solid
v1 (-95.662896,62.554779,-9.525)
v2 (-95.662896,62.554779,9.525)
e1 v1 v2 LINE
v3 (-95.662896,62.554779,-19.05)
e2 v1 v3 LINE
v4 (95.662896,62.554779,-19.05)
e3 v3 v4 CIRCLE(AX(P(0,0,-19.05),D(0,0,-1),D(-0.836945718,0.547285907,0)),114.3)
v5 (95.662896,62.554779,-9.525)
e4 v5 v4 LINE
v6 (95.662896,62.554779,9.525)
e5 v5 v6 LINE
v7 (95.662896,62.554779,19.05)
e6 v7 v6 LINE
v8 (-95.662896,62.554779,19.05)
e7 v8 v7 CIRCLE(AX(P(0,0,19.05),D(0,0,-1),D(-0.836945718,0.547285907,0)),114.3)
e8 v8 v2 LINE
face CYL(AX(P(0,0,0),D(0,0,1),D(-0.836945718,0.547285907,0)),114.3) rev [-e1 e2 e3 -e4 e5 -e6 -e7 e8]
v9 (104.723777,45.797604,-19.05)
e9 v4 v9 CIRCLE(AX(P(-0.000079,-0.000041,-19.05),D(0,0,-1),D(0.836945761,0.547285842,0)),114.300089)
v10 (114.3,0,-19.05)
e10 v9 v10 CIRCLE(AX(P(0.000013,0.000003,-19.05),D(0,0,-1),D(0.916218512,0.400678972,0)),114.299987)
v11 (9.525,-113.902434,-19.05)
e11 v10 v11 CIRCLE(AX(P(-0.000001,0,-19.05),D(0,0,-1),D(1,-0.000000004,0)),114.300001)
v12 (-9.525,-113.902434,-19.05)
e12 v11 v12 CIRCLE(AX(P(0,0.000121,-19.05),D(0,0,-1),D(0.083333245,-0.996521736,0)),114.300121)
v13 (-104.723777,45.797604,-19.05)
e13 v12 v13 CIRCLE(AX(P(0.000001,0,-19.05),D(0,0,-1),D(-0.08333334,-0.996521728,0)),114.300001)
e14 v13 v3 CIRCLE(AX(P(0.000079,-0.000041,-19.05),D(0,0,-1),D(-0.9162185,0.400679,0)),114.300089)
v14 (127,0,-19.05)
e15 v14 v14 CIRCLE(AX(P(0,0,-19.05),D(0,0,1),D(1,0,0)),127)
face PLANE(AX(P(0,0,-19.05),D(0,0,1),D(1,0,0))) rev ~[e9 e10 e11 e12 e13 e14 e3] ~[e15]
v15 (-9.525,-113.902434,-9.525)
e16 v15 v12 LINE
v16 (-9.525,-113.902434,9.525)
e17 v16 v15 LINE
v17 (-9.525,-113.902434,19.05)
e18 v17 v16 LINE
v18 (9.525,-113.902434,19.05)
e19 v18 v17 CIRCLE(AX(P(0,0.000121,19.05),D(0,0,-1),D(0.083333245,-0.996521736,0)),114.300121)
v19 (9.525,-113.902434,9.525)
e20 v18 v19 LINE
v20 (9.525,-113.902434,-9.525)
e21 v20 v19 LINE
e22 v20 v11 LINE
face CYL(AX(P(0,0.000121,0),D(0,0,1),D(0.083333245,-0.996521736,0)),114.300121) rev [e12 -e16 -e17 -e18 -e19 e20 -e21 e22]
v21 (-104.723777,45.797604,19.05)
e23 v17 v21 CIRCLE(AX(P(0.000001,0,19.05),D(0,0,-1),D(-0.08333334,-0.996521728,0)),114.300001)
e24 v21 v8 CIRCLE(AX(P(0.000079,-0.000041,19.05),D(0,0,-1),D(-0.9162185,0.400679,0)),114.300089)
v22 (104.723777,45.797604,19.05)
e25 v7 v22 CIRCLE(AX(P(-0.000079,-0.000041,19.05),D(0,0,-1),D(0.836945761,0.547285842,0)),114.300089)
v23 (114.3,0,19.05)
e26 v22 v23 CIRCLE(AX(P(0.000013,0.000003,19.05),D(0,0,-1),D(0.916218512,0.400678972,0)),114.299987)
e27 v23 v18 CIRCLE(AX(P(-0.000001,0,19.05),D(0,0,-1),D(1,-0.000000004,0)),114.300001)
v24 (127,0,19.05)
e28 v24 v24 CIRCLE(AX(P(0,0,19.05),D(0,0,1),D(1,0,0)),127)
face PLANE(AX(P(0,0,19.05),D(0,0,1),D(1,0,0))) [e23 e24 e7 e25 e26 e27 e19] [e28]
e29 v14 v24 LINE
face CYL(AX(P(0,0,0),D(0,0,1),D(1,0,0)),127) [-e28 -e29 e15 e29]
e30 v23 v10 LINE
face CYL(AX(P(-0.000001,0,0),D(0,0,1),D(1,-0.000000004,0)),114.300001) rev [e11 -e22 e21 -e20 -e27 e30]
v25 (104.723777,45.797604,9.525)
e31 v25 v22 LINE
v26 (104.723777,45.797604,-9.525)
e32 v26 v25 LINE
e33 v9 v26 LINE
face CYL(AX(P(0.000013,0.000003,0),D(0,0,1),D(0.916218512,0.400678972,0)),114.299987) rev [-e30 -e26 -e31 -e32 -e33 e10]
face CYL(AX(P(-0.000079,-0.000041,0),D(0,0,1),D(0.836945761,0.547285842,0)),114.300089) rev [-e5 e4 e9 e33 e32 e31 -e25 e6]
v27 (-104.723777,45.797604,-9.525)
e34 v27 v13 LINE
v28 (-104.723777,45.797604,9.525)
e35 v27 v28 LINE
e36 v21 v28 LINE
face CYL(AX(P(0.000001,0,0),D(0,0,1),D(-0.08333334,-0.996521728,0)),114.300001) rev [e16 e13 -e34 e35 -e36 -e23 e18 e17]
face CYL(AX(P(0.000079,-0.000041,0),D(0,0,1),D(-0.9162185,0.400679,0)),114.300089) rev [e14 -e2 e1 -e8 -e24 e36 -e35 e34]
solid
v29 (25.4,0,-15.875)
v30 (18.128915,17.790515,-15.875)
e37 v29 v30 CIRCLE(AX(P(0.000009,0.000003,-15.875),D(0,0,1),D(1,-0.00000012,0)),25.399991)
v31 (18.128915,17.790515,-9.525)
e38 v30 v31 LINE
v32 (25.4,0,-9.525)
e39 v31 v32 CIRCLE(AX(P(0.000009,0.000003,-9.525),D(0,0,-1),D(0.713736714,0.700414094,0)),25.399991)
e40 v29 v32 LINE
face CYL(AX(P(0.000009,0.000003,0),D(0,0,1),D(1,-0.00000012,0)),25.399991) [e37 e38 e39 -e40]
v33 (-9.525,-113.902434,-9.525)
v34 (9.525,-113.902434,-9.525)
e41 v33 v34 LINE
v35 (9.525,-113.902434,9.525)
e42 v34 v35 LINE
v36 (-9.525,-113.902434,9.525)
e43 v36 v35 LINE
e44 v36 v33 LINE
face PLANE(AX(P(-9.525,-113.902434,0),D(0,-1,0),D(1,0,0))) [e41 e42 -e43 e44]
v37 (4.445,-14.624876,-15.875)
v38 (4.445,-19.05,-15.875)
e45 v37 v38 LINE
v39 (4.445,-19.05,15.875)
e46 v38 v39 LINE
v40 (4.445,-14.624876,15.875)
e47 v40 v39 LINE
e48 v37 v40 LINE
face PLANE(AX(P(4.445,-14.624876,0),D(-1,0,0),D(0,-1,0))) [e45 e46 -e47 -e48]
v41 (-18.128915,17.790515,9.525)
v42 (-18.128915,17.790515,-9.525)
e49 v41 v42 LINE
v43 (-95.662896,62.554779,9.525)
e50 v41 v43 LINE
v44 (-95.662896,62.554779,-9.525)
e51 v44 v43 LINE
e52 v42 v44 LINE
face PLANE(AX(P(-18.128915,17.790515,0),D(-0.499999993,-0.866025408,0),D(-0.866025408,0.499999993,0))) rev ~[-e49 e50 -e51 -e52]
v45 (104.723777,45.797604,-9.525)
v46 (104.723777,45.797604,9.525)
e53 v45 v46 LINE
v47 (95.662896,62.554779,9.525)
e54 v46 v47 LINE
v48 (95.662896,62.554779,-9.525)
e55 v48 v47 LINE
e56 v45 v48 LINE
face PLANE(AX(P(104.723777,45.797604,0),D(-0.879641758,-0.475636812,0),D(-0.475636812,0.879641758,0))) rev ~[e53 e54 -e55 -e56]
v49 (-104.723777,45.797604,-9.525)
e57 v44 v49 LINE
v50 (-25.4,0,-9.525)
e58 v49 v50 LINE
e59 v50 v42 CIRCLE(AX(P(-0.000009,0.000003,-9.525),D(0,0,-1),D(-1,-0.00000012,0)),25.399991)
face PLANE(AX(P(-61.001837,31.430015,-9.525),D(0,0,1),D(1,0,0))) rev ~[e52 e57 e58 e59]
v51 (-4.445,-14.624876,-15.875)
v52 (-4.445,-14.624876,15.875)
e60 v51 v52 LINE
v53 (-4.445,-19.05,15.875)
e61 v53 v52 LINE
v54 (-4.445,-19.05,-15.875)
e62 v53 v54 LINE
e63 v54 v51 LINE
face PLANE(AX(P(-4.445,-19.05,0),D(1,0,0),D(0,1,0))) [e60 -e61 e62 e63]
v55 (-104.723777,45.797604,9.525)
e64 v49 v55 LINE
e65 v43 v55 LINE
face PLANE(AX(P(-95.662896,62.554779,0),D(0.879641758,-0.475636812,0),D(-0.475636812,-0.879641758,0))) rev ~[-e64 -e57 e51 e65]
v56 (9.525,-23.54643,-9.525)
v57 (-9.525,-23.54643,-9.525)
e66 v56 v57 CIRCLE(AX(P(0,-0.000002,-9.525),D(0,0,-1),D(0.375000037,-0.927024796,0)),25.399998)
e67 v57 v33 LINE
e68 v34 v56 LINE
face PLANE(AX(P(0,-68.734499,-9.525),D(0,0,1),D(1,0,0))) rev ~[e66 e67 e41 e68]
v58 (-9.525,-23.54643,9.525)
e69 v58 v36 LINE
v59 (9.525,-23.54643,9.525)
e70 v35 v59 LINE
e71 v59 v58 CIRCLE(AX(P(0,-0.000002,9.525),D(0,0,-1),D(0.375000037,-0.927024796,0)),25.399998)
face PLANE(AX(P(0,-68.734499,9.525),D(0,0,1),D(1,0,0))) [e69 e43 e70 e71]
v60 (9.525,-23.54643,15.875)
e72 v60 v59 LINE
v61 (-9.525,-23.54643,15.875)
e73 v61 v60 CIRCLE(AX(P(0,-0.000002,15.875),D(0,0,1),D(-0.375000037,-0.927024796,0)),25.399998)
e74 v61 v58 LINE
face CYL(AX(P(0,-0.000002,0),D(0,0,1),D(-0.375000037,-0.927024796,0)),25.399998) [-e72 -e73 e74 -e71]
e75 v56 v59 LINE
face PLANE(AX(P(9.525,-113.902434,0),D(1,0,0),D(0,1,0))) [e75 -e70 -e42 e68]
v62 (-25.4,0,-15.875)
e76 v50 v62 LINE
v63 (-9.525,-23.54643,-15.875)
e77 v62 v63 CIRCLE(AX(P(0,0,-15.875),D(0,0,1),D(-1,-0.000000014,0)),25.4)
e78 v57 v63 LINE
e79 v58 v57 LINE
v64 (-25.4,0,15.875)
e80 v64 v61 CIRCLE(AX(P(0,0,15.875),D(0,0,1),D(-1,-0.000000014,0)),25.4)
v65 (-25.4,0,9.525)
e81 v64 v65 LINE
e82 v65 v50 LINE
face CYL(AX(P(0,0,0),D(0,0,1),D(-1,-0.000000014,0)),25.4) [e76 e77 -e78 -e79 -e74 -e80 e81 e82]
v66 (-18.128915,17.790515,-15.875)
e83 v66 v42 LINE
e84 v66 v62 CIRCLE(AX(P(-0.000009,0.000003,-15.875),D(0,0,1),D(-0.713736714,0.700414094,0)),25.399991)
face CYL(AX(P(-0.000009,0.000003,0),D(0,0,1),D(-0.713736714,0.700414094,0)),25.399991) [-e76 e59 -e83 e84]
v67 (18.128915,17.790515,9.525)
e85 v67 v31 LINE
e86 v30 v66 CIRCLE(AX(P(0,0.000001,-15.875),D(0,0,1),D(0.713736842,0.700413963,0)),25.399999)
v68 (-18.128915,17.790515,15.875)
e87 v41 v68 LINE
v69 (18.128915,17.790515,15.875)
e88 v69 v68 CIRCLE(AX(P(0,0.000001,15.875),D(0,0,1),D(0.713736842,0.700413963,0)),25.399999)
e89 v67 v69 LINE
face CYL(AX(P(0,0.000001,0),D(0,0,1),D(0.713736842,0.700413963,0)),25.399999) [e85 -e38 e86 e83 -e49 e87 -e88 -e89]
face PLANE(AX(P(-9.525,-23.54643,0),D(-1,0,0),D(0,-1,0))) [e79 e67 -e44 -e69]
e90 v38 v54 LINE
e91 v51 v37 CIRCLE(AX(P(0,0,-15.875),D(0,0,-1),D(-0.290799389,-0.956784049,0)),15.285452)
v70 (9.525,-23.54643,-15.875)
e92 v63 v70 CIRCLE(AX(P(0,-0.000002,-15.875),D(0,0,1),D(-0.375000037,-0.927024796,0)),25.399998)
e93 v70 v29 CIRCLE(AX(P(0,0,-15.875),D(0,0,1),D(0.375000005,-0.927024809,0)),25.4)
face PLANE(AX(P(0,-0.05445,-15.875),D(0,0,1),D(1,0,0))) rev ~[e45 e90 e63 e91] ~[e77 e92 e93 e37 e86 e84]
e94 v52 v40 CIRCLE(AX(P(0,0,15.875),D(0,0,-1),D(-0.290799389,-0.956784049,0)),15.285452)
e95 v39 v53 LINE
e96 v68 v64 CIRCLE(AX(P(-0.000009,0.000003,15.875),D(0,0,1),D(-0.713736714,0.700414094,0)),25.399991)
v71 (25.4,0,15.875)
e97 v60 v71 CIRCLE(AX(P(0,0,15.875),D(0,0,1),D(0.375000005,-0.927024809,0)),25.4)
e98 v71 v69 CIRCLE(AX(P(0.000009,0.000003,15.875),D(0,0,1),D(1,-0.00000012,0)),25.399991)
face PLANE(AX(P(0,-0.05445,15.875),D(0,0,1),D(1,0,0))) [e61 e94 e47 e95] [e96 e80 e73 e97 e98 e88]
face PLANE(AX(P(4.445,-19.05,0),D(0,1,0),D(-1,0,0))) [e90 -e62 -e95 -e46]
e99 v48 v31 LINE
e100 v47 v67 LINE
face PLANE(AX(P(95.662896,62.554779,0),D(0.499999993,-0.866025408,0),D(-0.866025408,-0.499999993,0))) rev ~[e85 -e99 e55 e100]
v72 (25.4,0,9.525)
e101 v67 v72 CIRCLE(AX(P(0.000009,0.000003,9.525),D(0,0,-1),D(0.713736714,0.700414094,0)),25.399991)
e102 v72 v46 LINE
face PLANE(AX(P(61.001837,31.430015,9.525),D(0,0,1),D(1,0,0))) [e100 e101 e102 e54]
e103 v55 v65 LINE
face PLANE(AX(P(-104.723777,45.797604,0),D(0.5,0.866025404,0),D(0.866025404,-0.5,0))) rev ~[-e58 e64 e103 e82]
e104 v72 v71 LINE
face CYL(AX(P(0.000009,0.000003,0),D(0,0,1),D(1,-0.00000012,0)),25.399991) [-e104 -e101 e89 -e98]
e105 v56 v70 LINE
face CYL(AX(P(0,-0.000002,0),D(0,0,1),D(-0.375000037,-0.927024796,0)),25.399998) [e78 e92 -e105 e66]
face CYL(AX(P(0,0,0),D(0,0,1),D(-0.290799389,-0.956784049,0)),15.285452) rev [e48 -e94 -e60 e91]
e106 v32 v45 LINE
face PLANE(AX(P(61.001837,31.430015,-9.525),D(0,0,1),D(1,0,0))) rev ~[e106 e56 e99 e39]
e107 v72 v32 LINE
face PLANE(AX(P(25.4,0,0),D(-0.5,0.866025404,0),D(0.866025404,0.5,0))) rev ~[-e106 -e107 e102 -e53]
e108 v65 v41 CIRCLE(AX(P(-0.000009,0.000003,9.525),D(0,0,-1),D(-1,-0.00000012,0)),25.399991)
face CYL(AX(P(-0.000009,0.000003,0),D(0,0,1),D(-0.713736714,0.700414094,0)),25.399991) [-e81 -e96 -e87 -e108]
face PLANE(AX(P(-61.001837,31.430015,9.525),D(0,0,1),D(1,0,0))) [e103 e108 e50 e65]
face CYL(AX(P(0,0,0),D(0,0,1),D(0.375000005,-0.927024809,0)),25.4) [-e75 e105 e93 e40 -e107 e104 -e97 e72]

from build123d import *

# Parameters (mm, degrees)
F0_R     = 127
F1_DEPTH = 19.05
F2_DEPTH = 15.875
F3_DEPTH = 9.525


with BuildPart() as f1:
    # F0 (on Top) → F1 (new body, symmetric)
    with BuildSketch(Plane.XY):
        Circle(F0_R)
        with BuildLine():
            ThreePointArc((104.723777, 45.797604), (111.880333, 23.394041), (114.3, 0))
            ThreePointArc((114.3, 0), (84.122522, -77.381466), (9.525, -113.902434))
            ThreePointArc((9.525, -113.902434), (0, -114.3), (-9.525, -113.902434))
            ThreePointArc((-9.525, -113.902434), (-98.179536, -58.525795), (-104.723777, 45.797604))
            ThreePointArc((-104.723777, 45.797604), (-100.543052, 54.365289), (-95.662896, 62.554779))
            ThreePointArc((-95.662896, 62.554779), (0, 114.3), (95.662896, 62.554779))
            ThreePointArc((95.662896, 62.554779), (100.543052, 54.365289), (104.723777, 45.797604))
        make_face(mode=Mode.SUBTRACT)
    extrude(amount=F1_DEPTH, both=True)



with BuildPart() as f2:
    # F0 (on Top) → F2 (new body, symmetric)
    with BuildSketch(Plane.XY):
        with BuildLine():
            ThreePointArc((9.525, -23.54643), (21.060567, -14.199032), (25.4, 0))
            Line((25.4, 0), (18.128915, 17.790515))
            ThreePointArc((18.128915, 17.790515), (0, 25.4), (-18.128915, 17.790515))
            Line((-18.128915, 17.790515), (-25.4, 0))
            ThreePointArc((-25.4, 0), (-21.060567, -14.199032), (-9.525, -23.54643))
            Line((-9.525, -23.54643), (9.525, -23.54643))
        make_face()
        with BuildLine():
            ThreePointArc((-4.445, -14.624876), (0, 15.285452), (4.445, -14.624876))
            Line((4.445, -14.624876), (4.445, -19.05))
            Line((4.445, -19.05), (-4.445, -19.05))
            Line((-4.445, -19.05), (-4.445, -14.624876))
        make_face(mode=Mode.SUBTRACT)
        with BuildLine():
            Line((-25.4, 0), (-18.128915, 17.790515))
            ThreePointArc((-18.128915, 17.790515), (-23.512066, 9.609515), (-25.4, 0))
        make_face()
        with BuildLine():
            Line((18.128915, 17.790515), (25.4, 0))
            ThreePointArc((25.4, 0), (23.512066, 9.609515), (18.128915, 17.790515))
        make_face()
        with BuildLine():
            ThreePointArc((-9.525, -23.54643), (0, -25.4), (9.525, -23.54643))
            Line((9.525, -23.54643), (-9.525, -23.54643))
        make_face()
    extrude(amount=F2_DEPTH, both=True)


with BuildPart() as f1_1:
    add(f1.part)

    add(f2.part)  # F3 merges F2
    # F0 (on Top) → F3 (join, symmetric)
    with BuildSketch(Plane.XY):
        with BuildLine():
            Line((-18.128915, 17.790515), (-95.662896, 62.554779))
            Line((-95.662896, 62.554779), (-104.723777, 45.797604))
            Line((-104.723777, 45.797604), (-25.4, 0))
            ThreePointArc((-25.4, 0), (-23.512066, 9.609515), (-18.128915, 17.790515))
        make_face()
        with BuildLine():
            Line((25.4, 0), (104.723777, 45.797604))
            Line((104.723777, 45.797604), (95.662896, 62.554779))
            Line((95.662896, 62.554779), (18.128915, 17.790515))
            ThreePointArc((18.128915, 17.790515), (23.512066, 9.609515), (25.4, 0))
        make_face()
        with BuildLine():
            Line((-9.525, -113.902434), (9.525, -113.902434))
            Line((9.525, -113.902434), (9.525, -23.54643))
            ThreePointArc((9.525, -23.54643), (0, -25.4), (-9.525, -23.54643))
            Line((-9.525, -23.54643), (-9.525, -113.902434))
        make_face()
    extrude(amount=F3_DEPTH, both=True)


solid = f1_1.part
